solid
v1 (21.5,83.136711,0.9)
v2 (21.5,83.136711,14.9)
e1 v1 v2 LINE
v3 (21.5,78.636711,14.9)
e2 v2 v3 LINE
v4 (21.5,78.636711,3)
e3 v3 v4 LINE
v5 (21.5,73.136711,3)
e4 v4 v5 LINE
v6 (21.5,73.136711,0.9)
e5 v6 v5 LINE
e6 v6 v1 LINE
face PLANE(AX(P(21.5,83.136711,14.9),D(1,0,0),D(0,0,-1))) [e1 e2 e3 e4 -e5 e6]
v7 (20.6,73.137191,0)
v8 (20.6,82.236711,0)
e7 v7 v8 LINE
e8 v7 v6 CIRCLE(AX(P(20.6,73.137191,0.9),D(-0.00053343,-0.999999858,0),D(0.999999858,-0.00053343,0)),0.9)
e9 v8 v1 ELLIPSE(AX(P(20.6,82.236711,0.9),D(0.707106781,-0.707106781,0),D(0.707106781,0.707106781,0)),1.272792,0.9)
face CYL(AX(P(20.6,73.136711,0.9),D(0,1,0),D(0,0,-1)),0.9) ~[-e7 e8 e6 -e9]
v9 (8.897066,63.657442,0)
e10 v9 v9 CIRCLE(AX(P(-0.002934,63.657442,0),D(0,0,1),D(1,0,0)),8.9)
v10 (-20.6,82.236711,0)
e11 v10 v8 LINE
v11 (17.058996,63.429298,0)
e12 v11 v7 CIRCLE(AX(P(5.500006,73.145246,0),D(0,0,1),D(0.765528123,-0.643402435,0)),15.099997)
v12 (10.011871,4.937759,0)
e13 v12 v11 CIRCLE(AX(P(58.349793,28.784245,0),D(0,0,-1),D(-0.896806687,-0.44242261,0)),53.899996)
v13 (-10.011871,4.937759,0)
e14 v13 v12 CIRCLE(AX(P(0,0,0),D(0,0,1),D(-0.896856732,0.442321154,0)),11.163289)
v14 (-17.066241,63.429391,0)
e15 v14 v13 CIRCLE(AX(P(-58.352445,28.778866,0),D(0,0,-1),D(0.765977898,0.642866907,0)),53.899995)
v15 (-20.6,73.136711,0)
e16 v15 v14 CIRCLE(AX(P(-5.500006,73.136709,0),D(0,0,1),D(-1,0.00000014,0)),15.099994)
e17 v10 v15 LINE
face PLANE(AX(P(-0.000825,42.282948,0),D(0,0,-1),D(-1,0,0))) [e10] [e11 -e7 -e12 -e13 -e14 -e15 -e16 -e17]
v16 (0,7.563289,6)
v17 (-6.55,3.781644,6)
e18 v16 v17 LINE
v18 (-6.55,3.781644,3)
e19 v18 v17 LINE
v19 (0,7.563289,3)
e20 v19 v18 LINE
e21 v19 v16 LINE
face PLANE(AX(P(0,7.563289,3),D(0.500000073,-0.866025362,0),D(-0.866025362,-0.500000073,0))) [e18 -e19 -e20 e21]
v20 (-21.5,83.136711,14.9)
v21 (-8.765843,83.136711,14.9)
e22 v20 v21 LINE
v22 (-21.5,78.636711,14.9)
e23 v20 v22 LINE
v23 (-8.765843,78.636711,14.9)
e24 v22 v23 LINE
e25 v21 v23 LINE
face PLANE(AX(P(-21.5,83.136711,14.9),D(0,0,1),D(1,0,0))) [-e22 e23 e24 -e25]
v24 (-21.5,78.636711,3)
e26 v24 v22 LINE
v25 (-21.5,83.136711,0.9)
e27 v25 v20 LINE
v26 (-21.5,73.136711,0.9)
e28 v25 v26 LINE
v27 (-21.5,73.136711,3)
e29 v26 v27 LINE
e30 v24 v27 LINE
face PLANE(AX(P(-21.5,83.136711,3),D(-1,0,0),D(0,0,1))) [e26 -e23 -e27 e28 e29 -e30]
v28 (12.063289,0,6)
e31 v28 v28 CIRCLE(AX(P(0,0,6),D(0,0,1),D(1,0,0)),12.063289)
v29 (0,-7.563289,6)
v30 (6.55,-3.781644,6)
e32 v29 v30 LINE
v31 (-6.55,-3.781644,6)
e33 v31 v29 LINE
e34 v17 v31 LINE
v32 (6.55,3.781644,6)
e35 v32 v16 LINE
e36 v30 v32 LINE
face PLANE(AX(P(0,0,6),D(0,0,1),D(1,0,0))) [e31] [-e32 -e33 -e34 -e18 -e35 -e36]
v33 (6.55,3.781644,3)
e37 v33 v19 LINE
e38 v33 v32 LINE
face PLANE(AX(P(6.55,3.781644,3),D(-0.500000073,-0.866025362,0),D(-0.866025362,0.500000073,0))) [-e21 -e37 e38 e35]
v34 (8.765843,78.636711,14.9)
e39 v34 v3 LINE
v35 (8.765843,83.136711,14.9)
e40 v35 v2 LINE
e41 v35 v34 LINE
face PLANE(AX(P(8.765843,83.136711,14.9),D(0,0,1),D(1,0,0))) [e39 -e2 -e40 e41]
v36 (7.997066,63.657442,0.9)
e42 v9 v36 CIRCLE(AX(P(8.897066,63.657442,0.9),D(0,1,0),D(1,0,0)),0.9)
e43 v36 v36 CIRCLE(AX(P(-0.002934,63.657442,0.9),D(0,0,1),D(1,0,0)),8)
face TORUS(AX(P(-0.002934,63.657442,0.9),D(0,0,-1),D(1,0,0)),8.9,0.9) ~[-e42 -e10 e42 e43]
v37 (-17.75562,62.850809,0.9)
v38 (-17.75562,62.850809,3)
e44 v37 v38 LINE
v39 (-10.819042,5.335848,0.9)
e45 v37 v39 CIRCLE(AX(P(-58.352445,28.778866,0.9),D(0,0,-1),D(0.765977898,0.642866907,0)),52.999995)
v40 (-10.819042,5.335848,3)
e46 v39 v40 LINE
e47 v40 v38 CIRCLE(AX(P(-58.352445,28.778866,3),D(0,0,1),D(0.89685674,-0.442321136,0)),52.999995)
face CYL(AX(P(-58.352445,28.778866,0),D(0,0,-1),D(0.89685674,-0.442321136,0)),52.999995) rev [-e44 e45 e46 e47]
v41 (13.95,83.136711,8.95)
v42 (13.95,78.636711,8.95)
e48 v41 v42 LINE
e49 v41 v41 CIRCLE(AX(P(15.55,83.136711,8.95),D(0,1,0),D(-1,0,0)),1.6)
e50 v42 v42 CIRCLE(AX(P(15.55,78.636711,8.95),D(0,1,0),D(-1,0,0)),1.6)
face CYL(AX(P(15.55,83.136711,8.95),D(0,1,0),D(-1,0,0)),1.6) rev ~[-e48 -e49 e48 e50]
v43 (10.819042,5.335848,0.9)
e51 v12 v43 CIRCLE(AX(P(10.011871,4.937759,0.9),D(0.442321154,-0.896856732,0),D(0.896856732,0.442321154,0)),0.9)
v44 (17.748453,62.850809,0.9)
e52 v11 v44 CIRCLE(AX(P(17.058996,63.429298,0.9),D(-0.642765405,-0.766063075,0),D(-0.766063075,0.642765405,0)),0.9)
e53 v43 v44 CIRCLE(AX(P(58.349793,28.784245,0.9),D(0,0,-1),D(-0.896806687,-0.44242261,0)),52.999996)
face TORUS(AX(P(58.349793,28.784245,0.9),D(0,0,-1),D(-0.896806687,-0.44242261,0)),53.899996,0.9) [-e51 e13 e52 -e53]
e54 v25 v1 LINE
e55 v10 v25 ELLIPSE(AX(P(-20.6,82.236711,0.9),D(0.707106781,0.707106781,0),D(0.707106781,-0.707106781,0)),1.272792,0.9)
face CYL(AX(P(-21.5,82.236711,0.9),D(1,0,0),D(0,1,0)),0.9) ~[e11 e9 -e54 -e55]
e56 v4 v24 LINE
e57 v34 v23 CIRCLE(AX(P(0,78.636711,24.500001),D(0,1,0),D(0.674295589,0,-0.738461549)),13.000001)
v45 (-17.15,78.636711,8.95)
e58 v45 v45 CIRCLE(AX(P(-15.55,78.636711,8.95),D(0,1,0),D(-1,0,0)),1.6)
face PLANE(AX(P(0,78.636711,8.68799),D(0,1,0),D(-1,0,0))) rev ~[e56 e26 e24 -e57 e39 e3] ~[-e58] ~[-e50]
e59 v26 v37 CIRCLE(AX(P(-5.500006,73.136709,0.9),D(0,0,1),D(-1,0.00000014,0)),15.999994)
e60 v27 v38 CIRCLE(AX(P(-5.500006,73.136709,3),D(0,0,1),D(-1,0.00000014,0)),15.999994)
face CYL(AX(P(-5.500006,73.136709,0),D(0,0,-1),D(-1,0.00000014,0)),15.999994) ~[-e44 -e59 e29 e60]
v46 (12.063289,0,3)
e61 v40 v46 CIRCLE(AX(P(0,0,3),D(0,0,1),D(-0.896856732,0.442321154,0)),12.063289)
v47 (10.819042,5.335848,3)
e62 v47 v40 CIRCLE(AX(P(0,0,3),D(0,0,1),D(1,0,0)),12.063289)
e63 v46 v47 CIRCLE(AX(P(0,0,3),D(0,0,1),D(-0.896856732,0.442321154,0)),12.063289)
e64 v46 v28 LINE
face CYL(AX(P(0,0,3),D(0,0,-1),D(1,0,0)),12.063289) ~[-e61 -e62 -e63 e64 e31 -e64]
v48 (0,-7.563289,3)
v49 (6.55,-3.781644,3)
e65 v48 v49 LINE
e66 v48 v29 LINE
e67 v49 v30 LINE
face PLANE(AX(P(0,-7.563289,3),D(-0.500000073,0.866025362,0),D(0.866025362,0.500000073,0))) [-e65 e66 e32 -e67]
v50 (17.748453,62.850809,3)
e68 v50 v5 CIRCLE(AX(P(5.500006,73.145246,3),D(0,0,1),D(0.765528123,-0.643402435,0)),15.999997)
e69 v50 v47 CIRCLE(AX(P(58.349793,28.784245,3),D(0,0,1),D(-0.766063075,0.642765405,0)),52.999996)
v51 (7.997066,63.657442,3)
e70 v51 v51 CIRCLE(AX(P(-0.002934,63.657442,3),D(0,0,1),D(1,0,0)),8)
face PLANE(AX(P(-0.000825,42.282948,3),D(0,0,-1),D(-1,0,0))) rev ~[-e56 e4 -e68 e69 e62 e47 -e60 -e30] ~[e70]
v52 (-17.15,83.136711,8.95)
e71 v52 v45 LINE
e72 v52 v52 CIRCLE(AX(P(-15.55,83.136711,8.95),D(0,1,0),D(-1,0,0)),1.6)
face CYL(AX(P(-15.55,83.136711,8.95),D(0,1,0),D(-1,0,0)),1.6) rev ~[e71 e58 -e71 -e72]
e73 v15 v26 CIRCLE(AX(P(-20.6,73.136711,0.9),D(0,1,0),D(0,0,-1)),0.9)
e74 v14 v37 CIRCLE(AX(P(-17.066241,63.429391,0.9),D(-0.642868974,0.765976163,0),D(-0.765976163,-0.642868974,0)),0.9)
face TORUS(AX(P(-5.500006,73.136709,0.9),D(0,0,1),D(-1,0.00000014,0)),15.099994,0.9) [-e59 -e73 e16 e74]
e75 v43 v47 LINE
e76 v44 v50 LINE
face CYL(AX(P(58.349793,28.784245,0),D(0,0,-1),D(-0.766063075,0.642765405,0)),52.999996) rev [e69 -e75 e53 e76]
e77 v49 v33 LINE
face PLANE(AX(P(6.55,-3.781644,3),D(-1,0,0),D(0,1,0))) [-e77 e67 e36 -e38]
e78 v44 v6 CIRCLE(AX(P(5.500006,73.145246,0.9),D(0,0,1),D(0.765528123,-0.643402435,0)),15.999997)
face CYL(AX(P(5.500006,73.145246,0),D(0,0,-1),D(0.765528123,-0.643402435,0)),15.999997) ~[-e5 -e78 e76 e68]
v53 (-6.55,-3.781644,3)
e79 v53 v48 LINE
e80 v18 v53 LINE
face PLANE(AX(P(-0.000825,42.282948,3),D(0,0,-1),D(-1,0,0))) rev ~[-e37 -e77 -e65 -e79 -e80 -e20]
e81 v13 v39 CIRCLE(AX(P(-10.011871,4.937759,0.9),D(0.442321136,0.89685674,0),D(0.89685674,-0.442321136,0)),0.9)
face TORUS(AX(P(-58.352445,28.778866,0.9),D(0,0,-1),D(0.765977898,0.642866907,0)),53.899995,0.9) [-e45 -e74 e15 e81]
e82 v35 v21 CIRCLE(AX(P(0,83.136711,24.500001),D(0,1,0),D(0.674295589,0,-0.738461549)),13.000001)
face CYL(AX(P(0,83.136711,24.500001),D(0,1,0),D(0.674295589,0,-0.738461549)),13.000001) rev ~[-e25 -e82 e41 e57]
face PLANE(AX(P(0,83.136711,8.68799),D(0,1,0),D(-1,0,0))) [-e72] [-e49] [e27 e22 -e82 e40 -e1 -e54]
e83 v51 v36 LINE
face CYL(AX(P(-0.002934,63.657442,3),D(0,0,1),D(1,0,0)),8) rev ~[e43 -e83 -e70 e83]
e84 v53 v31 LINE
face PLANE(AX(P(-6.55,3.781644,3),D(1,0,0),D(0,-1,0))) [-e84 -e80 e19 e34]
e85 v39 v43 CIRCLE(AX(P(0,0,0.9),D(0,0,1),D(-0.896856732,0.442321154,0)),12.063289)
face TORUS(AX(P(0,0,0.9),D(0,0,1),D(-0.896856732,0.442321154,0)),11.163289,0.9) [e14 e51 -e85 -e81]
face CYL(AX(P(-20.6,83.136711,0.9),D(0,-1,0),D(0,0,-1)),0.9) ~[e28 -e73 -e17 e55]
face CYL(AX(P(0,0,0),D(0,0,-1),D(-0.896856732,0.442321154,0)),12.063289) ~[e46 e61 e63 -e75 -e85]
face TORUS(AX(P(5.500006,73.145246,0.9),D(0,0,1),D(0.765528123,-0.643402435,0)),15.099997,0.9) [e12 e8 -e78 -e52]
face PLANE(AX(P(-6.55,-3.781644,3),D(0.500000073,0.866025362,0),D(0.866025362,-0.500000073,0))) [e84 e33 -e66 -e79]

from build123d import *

# Parameters (mm, degrees)
SKETCH002_AS_DRAWN_R                      = 1.6
EXTRUDE001_DEPTH                          = 4.5
EXTRUDE001_ONTO_SKETCH002_ROLL_ANGLE      = 90
EXTRUDE001_ONTO_SKETCH002_PLACEMENT_ANGLE = 180
EXTRUDE_DEPTH                             = 3
SKETCH001_R                               = 12.063289
PAD_DEPTH                                 = 3
SKETCH003_R                               = 8
POCKET_DEPTH                              = 3.001
FILLET_R                                  = 0.9


with BuildPart() as extrude001:
    # Sketch002 as drawn → Extrude001 (new)
    with BuildSketch(Plane.XY):
        with BuildLine():
            Line((-8.765843, 14.9), (-21.5, 14.9))
            Line((-21.5, 14.9), (-21.5, 3))
            Line((-21.5, 3), (21.5, 3))
            Line((21.5, 3), (21.5, 14.9))
            Line((21.5, 14.9), (8.765843, 14.9))
            ThreePointArc((-8.765843, 14.9), (0, 11.5), (8.765843, 14.9))
        make_face()
        with Locations((-15.55, 8.95)):
            Circle(SKETCH002_AS_DRAWN_R, mode=Mode.SUBTRACT)
        with Locations((15.55, 8.95)):
            Circle(SKETCH002_AS_DRAWN_R, mode=Mode.SUBTRACT)
    extrude(amount=-EXTRUDE001_DEPTH)


with BuildPart() as extrude001_1:
    # Extrude001 onto Sketch002 roll: moved
    add(extrude001.part.rotate(Axis((0, 0, 0), (1, 0, 0)), EXTRUDE001_ONTO_SKETCH002_ROLL_ANGLE))


with BuildPart() as extrude001_2:
    # Extrude001 onto Sketch002 placement: moved
    add(extrude001_1.part.moved(Location((0, 83.136711, 0))).rotate(Axis((0, 83.136711, 0), (0, 0, 1)), EXTRUDE001_ONTO_SKETCH002_PLACEMENT_ANGLE))


with BuildPart() as fillet_body:
    # Sketch → Extrude (new body)
    with BuildSketch(Plane.XY):
        with BuildLine():
            Line((-21.5, 83.136711), (21.5, 83.136711))
            Line((21.5, 83.136711), (21.5, 73.136711))
            ThreePointArc((17.748453, 62.850809), (20.531425, 67.662881), (21.5, 73.136711))
            ThreePointArc((17.748453, 62.850809), (5.730319, 35.123847), (10.819042, 5.335848))
            ThreePointArc((-10.819042, 5.335848), (0, -12.063289), (10.819042, 5.335848))
            ThreePointArc((-10.819042, 5.335848), (-5.733751, 35.124931), (-17.75562, 62.850809))
            ThreePointArc((-21.5, 73.136711), (-20.534792, 67.663591), (-17.75562, 62.850809))
            Line((-21.5, 83.136711), (-21.5, 73.136711))
        make_face()
    extrude(amount=EXTRUDE_DEPTH)

    # Sketch001 → Pad (new body)
    with BuildSketch(Plane.XY.offset(3)):
        Circle(SKETCH001_R)
        Polygon((0, 7.563289), (-6.55, 3.781644), (-6.55, -3.781644), (0, -7.563289), (6.55, -3.781644), (6.55, 3.781644), align=None, mode=Mode.SUBTRACT)
    extrude(amount=PAD_DEPTH)

    # Fusion: union Extrude001
    add(extrude001_2.part)

    # Sketch003 → Pocket (cut, through all)
    with BuildSketch(Plane.XY.offset(3)):
        with Locations((-0.002934, 63.657442)):
            Circle(SKETCH003_R)
    extrude(amount=-POCKET_DEPTH, mode=Mode.SUBTRACT)

    # Fillet
    fillet_edges = [fillet_body.edges().sort_by_distance(p)[0] for p in [
        (-21.5, 78.136711, 0),
        (0, 83.136711, 0),
        (-20.534792, 67.663591, 0),
        (21.5, 78.136711, 0),
        (-5.733751, 35.124931, 0),
        (20.531425, 67.662881, 0),
        (0, -12.063289, 0),
        (5.730319, 35.123847, 0),
        (-8.002934, 63.657442, 0),
    ]]
    fillet(fillet_edges, radius=FILLET_R)


solid = fillet_body.part
